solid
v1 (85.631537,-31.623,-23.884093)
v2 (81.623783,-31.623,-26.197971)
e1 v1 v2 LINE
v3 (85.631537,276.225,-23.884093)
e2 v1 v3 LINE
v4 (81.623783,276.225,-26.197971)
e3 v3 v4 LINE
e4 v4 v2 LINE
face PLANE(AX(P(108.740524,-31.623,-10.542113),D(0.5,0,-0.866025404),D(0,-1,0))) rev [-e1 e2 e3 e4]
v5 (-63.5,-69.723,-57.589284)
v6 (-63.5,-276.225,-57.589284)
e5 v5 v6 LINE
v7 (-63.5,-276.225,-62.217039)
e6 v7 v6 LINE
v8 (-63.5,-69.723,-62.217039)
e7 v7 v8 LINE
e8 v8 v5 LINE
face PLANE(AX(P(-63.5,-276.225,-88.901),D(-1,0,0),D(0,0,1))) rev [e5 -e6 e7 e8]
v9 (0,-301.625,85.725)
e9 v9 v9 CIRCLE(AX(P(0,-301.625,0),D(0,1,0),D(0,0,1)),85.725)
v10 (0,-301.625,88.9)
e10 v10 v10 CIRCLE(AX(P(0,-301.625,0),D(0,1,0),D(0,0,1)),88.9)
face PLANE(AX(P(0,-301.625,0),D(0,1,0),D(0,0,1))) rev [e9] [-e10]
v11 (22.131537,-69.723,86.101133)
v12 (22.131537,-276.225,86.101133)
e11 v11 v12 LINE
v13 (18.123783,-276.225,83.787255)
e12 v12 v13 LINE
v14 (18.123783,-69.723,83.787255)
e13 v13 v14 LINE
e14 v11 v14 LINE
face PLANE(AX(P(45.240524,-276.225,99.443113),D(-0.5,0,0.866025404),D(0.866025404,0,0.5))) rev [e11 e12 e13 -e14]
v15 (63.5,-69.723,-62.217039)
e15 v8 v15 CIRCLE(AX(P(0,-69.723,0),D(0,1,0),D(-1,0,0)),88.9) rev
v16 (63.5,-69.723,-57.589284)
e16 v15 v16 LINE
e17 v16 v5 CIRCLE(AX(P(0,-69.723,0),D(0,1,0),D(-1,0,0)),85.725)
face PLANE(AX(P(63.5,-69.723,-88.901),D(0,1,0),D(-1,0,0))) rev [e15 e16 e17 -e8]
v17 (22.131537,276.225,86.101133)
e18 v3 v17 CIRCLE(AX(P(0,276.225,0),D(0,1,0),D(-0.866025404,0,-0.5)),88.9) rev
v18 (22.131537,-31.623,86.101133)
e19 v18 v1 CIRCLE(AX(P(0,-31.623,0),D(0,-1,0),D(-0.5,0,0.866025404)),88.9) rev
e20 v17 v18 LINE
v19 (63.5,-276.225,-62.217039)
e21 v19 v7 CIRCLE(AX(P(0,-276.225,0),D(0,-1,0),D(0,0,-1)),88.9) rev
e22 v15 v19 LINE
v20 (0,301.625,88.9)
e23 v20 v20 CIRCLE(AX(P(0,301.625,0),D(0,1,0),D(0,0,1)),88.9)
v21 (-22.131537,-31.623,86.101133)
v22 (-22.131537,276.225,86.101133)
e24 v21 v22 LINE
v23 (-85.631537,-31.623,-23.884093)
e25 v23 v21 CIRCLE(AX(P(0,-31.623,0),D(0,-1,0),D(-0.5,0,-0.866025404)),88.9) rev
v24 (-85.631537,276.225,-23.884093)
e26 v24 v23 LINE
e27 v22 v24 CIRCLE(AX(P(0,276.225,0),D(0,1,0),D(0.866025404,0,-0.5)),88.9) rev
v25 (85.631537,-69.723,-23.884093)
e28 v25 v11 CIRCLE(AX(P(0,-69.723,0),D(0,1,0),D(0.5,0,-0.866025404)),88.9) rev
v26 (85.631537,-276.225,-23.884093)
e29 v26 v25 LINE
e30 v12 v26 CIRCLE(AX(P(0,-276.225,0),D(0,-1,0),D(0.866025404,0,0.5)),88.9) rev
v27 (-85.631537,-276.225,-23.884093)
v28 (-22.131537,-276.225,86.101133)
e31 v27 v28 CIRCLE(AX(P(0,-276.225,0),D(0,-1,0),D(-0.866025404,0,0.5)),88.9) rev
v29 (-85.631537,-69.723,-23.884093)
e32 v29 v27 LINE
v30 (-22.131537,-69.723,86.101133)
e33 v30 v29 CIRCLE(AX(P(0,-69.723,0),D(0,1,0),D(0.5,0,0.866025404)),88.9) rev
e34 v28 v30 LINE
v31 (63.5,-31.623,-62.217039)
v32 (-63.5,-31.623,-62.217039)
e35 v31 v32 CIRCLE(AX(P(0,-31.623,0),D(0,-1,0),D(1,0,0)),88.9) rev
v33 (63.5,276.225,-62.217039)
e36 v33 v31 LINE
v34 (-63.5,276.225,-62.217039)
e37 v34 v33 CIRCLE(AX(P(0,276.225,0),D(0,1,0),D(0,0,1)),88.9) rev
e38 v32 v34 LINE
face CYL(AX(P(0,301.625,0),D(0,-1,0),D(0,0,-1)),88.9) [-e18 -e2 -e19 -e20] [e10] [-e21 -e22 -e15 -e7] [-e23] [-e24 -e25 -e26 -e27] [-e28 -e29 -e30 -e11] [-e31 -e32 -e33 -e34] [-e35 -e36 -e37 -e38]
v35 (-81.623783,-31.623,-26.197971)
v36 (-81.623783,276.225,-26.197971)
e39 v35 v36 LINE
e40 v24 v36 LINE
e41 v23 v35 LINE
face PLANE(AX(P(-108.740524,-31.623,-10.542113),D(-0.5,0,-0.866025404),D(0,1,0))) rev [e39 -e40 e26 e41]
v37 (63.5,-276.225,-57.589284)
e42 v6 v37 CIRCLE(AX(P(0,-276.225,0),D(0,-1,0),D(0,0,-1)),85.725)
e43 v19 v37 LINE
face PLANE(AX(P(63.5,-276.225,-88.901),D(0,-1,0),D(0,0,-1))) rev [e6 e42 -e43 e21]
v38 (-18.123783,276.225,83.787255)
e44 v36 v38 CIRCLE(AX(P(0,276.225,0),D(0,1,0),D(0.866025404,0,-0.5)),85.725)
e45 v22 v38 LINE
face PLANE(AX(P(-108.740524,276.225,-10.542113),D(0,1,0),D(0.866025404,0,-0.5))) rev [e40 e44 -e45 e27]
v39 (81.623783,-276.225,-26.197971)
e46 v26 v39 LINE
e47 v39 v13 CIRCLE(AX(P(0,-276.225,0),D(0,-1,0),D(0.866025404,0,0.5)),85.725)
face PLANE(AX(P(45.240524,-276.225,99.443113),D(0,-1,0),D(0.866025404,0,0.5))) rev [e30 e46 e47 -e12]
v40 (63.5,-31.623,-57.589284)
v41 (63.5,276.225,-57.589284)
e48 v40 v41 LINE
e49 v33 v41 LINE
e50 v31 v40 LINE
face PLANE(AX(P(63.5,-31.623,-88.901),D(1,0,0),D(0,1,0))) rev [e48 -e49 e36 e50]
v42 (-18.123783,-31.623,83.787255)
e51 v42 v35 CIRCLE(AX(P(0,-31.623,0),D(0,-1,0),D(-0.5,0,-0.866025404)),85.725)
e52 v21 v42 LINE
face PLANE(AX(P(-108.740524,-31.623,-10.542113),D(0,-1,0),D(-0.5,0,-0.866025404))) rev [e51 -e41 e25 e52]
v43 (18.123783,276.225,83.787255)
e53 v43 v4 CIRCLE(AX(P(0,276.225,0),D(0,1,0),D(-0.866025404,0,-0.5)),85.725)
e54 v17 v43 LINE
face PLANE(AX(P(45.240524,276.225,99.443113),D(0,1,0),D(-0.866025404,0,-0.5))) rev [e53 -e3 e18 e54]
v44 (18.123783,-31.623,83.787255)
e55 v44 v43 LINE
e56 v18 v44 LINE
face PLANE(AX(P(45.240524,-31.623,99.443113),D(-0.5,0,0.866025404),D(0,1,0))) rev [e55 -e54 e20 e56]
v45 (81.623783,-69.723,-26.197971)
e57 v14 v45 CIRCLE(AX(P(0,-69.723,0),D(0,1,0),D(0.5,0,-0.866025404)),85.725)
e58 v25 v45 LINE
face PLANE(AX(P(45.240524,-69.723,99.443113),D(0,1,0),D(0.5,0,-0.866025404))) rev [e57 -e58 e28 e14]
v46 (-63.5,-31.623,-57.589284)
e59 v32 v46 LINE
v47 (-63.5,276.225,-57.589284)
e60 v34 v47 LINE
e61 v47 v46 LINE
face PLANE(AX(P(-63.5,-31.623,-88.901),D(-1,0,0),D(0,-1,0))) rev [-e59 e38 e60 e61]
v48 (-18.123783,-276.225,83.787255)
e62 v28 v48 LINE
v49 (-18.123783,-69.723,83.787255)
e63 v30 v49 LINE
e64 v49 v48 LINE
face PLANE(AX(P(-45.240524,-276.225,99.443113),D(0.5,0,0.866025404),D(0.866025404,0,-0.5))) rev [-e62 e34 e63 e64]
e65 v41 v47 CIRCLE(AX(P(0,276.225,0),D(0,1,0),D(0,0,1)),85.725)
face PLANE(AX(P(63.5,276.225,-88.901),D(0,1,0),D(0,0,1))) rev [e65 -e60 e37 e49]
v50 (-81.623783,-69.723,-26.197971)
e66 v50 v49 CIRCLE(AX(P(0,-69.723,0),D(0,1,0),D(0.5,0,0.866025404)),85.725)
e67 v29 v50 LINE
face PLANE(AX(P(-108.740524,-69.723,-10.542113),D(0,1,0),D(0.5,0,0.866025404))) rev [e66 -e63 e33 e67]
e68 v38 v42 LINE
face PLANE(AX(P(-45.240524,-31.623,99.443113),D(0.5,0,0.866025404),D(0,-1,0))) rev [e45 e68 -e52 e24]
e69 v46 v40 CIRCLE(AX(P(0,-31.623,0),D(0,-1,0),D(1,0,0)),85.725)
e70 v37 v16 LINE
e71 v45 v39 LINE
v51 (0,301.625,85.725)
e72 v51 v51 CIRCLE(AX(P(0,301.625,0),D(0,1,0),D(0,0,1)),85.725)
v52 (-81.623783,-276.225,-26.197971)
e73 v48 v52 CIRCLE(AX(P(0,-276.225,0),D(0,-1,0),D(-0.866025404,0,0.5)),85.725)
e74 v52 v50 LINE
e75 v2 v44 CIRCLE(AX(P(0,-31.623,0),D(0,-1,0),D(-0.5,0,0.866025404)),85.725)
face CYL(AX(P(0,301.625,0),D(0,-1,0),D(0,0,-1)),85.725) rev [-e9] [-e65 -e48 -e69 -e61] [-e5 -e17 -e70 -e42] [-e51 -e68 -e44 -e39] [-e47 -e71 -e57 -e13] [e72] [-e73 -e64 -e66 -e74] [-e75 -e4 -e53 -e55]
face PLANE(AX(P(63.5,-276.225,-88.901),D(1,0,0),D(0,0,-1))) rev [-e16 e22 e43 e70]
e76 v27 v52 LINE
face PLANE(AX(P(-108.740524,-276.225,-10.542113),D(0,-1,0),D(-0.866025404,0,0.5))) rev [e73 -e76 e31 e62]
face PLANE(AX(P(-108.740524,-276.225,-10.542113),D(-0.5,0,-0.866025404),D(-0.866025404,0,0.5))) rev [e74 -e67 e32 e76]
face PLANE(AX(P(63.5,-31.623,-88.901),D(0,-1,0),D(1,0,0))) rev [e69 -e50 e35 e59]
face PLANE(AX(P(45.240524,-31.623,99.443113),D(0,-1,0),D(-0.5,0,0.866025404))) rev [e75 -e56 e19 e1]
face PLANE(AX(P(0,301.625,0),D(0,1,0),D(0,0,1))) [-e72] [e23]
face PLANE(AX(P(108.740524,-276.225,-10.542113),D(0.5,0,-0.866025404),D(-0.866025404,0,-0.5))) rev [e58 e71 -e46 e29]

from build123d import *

# Parameters (mm, degrees)
SKETCH1_R               = 88.9
SKETCH1_R_2             = 85.725
BOSS_EXTRUDE1_DEPTH     = 301.625
CUT_EXTRUDE1_REACH      = 328.778
CUT_EXTRUDE1_END_RADIUS = 88.9
SKETCH2_W               = 127
SKETCH2_H               = 206.502
SKETCH2_H_2             = 307.848
CIRPATTERN1_COUNT       = 3


with BuildPart() as part:
    # Sketch1 → Boss-Extrude1 (new, symmetric)
    with BuildSketch(Plane(origin=(0, 0, 0), x_dir=(1, 0, 0), z_dir=(0, 1, 0))):
        with Locations(Location((0, 0, 0), (0, 0, 270))):
            Circle(SKETCH1_R)
        with Locations(Location((0, 0, 0), (0, 0, 270))):
            Circle(SKETCH1_R_2, mode=Mode.SUBTRACT)
    extrude(amount=BOSS_EXTRUDE1_DEPTH, both=True)

    # Cut-Extrude1: up to this cylinder (the profile starts inside it)
    cut_extrude1_end = Plane(origin=(0, -25.3365, 0), z_dir=(0, -1, 0)) * Cylinder(CUT_EXTRUDE1_END_RADIUS, 1131.631, mode=Mode.PRIVATE)
    # Sketch2 → Cut-Extrude1 (cut, up to the surface)
    with BuildSketch(Plane.XY, mode=Mode.PRIVATE) as cut_extrude1_sk1:
        with Locations((0, -172.974)):
            Rectangle(SKETCH2_W, SKETCH2_H)
    cut_extrude1_tool1 = extrude(cut_extrude1_sk1.sketch, amount=-CUT_EXTRUDE1_REACH, mode=Mode.PRIVATE) & cut_extrude1_end
    # Sketch2 → Cut-Extrude1 (cut, up to the surface)
    with BuildSketch(Plane.XY, mode=Mode.PRIVATE) as cut_extrude1_sk2:
        with Locations((0, 122.301)):
            Rectangle(SKETCH2_W, SKETCH2_H_2)
    cut_extrude1_tool2 = extrude(cut_extrude1_sk2.sketch, amount=-CUT_EXTRUDE1_REACH, mode=Mode.PRIVATE) & cut_extrude1_end
    cut_extrude1 = cut_extrude1_tool1.solids().sort_by_distance((0, -172.974, 0))[0] + cut_extrude1_tool2.solids().sort_by_distance((0, 122.301, 0))[0]
    add(cut_extrude1, mode=Mode.SUBTRACT)

    # CirPattern1: Cut-Extrude1 ×3 about axis
    cirpattern1_axis = Axis((0, 0, 0), (0, 1, 0))
    for i in range(1, CIRPATTERN1_COUNT):
        add(cut_extrude1.rotate(cirpattern1_axis, i * 360 / CIRPATTERN1_COUNT), mode=Mode.SUBTRACT)


solid = part.part
